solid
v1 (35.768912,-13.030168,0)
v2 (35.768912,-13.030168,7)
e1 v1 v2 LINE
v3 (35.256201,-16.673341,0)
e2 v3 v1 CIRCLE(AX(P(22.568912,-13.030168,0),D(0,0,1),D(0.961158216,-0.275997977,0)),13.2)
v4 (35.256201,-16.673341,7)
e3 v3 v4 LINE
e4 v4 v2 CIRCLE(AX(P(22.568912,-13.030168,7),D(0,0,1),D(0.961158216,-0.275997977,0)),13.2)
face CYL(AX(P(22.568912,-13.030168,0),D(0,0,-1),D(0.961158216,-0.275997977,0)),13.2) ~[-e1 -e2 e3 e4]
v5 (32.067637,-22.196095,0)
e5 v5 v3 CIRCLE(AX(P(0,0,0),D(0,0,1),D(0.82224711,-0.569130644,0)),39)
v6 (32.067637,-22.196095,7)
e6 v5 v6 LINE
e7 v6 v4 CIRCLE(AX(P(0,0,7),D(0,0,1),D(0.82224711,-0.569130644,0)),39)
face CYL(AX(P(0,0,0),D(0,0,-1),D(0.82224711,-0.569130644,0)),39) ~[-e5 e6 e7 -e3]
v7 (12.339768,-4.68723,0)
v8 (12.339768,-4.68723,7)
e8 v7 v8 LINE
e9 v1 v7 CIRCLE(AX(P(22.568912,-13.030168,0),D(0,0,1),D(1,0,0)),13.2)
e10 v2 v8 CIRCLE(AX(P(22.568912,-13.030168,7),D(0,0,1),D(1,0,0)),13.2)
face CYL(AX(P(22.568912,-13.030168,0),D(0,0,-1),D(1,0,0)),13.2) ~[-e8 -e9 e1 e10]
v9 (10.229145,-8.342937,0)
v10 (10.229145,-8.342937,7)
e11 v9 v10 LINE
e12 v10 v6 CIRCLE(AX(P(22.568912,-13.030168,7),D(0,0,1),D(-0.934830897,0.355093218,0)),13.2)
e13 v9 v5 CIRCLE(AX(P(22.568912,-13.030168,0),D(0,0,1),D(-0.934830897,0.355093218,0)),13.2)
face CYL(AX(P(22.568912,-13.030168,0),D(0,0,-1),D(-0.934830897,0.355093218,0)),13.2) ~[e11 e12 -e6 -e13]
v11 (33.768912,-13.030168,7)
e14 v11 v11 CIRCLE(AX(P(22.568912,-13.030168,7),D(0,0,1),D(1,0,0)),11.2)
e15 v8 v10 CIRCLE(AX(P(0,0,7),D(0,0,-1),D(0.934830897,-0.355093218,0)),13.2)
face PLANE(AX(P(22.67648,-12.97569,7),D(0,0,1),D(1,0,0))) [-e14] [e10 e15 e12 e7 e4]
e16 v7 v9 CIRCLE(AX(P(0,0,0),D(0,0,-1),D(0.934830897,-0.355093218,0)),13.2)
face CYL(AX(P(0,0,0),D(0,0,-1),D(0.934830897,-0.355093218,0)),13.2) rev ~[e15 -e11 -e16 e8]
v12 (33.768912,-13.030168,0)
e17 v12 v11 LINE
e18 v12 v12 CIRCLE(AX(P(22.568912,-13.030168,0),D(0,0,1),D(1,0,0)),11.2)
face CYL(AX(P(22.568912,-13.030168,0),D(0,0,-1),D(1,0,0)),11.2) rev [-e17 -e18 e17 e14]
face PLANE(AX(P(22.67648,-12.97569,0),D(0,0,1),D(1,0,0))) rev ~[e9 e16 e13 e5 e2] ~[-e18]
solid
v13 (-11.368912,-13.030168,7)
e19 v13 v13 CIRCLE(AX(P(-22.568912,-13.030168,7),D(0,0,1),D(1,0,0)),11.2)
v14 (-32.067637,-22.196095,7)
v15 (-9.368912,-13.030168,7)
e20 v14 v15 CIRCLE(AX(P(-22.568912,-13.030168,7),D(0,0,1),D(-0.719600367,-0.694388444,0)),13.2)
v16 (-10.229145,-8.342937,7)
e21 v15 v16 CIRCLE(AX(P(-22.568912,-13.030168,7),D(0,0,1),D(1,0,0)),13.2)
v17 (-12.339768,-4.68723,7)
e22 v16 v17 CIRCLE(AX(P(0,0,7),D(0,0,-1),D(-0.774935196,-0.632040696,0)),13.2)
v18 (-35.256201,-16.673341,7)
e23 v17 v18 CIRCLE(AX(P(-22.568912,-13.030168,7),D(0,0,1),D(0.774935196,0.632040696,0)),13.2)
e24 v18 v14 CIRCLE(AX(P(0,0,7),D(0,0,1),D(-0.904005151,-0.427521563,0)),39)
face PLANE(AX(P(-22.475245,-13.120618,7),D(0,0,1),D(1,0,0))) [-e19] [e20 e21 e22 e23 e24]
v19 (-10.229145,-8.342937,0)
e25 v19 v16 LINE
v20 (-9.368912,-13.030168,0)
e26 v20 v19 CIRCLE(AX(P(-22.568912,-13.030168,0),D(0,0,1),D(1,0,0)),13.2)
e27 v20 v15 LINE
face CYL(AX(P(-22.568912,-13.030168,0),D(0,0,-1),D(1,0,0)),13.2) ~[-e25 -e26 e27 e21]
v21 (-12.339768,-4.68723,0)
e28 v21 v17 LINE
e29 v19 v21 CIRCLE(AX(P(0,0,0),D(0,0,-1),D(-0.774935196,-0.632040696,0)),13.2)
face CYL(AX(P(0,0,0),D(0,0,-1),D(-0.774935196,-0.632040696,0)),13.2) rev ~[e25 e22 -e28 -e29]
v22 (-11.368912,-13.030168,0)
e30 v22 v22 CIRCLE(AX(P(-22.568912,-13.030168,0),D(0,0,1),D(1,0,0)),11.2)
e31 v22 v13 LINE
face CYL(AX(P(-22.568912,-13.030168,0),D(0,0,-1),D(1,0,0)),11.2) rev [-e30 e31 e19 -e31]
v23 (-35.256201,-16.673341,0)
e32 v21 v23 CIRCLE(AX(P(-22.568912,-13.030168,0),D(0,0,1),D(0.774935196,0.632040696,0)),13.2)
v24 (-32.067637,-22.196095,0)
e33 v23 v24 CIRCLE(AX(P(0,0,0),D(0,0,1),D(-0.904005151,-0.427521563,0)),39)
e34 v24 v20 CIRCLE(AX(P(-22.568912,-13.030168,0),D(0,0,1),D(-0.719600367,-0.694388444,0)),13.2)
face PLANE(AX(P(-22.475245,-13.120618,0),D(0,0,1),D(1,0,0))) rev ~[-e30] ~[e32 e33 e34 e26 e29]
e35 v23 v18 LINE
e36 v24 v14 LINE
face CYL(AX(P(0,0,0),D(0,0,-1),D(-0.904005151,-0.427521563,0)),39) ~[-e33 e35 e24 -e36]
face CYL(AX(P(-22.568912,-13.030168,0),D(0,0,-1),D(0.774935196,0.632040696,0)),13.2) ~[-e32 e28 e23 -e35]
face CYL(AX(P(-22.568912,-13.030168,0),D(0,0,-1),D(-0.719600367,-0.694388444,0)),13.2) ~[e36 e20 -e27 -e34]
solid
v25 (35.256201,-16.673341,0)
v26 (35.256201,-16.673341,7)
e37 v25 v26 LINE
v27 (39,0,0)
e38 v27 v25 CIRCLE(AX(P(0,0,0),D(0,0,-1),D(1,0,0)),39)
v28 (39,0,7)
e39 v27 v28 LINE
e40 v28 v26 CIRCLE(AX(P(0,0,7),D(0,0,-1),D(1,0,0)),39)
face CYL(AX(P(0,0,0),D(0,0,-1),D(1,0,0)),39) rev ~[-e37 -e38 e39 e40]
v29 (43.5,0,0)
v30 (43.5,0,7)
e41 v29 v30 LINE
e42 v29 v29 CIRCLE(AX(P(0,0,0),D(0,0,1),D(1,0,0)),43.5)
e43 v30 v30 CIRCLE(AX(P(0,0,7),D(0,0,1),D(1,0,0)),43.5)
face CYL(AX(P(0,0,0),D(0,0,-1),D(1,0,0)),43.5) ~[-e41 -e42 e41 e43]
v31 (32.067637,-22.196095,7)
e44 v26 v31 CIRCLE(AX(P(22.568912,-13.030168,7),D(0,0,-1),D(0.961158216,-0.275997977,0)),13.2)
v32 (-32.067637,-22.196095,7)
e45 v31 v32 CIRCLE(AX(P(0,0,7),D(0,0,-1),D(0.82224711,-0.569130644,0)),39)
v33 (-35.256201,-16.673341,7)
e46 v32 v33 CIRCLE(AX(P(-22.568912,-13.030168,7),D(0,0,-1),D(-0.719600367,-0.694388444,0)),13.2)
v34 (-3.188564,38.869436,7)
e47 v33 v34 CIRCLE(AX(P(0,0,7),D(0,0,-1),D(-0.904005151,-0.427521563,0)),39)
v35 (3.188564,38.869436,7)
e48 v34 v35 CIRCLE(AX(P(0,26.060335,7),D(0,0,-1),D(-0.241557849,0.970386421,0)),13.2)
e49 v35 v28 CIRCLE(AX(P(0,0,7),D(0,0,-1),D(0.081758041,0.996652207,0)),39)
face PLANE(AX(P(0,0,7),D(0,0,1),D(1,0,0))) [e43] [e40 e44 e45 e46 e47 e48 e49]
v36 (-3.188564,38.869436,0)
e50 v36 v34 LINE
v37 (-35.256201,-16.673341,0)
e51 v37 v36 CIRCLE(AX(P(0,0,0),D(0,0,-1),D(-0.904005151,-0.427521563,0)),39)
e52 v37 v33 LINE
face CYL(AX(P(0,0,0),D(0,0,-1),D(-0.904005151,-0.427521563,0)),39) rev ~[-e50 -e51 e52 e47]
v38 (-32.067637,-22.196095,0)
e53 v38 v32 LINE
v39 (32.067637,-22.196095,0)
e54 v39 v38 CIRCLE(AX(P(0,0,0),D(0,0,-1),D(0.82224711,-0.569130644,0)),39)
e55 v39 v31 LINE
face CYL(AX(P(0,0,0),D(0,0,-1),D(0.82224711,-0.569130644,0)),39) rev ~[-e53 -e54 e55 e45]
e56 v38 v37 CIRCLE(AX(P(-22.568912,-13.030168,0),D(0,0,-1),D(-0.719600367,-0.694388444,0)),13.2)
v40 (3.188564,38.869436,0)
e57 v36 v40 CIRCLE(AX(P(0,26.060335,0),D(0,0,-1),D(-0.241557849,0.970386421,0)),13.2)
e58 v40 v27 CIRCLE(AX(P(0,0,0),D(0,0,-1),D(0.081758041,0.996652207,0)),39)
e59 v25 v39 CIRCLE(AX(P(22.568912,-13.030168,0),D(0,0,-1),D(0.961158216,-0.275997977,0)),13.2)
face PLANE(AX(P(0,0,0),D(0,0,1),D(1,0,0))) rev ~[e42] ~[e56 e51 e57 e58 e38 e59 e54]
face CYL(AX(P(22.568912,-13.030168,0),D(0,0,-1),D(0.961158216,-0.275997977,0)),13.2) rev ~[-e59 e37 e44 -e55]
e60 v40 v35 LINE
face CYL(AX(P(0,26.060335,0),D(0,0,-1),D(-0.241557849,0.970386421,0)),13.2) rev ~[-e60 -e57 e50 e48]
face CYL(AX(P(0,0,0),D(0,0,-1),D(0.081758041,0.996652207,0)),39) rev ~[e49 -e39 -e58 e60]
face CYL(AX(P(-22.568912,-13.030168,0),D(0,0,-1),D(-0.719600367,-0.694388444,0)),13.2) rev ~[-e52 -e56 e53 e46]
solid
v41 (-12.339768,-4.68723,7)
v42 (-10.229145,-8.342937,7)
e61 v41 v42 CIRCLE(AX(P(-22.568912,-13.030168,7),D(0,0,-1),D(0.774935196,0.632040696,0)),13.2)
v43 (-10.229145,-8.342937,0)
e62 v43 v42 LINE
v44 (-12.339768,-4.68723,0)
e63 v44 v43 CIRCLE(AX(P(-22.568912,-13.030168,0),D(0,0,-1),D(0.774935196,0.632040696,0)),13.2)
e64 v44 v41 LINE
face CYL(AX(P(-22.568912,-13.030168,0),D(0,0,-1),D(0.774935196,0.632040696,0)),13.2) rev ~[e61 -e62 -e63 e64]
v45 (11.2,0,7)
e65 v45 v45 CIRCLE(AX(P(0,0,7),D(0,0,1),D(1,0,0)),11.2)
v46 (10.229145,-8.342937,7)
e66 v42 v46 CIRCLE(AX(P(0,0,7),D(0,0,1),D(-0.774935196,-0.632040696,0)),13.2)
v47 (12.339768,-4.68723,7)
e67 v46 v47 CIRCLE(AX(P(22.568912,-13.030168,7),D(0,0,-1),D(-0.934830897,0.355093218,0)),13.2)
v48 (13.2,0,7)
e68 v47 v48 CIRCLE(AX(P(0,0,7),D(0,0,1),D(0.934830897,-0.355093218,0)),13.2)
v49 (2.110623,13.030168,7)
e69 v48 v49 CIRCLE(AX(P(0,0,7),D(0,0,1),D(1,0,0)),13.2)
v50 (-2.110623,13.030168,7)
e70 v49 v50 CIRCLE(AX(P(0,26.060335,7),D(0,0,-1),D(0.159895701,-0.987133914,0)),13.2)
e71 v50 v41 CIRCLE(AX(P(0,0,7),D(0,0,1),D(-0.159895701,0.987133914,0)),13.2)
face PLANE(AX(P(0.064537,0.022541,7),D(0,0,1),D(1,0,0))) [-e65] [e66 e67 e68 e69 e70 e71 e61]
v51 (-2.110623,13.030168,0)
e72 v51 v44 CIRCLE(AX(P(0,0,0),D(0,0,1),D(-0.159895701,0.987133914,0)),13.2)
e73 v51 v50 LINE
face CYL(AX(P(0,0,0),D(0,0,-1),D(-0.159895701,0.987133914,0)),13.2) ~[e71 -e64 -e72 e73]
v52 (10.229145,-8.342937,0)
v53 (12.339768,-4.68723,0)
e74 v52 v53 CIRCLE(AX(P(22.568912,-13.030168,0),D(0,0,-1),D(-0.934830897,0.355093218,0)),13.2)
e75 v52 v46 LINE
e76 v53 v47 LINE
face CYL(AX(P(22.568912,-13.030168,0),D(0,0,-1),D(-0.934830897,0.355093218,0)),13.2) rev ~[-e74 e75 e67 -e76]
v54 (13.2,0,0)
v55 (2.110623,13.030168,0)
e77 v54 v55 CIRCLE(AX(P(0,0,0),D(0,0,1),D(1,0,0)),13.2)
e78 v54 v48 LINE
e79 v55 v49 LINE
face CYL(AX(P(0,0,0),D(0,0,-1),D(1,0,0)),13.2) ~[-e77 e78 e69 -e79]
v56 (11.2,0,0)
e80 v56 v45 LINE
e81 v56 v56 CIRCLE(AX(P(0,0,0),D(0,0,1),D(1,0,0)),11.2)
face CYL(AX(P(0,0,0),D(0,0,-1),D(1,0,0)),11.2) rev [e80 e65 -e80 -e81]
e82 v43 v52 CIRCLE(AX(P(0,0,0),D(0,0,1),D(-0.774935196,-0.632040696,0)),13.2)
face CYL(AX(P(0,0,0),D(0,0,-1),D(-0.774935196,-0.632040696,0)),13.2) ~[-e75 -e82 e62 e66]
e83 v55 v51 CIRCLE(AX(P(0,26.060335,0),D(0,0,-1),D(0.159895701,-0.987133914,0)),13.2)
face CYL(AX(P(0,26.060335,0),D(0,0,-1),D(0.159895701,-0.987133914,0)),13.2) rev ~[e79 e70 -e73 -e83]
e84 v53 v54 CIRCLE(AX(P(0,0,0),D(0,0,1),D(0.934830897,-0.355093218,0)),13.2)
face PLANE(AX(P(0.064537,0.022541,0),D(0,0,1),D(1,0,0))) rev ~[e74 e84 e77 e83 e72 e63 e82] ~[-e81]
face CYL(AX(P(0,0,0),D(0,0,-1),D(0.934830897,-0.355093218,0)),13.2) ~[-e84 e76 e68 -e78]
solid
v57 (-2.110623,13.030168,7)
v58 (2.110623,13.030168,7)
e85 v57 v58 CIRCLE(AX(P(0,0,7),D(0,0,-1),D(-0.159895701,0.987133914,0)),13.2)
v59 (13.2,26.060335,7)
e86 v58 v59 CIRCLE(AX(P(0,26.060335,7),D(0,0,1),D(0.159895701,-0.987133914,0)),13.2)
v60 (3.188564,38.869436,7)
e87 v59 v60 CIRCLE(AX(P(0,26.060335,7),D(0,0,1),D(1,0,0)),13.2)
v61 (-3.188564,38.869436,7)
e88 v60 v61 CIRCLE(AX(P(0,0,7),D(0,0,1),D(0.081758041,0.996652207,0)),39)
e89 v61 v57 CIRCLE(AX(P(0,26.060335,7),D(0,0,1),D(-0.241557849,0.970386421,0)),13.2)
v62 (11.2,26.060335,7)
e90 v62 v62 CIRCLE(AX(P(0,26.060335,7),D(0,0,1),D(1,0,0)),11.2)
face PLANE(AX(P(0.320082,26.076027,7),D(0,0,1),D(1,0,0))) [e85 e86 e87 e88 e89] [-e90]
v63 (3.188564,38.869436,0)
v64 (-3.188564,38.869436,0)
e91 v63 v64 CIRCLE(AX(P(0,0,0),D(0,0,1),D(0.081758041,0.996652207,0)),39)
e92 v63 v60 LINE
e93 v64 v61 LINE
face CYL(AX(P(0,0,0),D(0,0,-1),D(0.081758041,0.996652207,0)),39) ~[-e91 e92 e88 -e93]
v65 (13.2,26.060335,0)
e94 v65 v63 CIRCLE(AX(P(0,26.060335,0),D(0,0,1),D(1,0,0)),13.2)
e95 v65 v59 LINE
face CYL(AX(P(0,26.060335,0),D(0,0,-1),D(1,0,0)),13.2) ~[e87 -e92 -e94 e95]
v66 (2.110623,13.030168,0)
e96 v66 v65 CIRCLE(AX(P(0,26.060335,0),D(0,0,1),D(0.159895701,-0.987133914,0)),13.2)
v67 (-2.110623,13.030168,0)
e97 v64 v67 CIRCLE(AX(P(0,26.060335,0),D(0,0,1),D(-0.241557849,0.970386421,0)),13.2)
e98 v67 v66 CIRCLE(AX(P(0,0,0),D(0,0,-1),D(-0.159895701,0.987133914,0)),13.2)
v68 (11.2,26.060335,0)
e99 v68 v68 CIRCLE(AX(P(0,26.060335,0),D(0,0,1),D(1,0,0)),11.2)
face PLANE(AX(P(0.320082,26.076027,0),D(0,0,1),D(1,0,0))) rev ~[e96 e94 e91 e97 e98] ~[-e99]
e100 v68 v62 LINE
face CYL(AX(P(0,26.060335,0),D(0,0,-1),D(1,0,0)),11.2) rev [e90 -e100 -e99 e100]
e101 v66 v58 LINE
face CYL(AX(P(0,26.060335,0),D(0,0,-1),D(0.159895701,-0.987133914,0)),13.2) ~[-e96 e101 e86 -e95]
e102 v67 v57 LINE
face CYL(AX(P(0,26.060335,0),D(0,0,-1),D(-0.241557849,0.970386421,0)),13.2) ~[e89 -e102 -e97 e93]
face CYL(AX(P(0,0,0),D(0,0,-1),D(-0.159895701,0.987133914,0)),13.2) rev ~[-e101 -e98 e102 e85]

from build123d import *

# Parameters (mm, degrees)
F0_R     = 11.2
F1_DEPTH = 7
F0_R_2   = 43.5


with BuildPart() as f1:
    # F0 (on Top) → F1 (new body)
    with BuildSketch(Plane.XY):
        with BuildLine():
            ThreePointArc((12.3397678435, -4.6872304796), (12.9831609313, -2.3827572753), (13.2, 0))
            ThreePointArc((13.2, 0), (10.0523685502, 8.5551087971), (2.110623253, 13.0301676691))
            ThreePointArc((2.110623253, 13.0301676691), (0, 12.8603353381), (-2.110623253, 13.0301676691))
            ThreePointArc((-2.110623253, 13.0301676691), (-11.43153533, 6.6), (-12.3397678435, -4.6872304796))
            ThreePointArc((-12.3397678435, -4.6872304796), (-11.137377104, -6.4301676691), (-10.2291445905, -8.3429371895))
            ThreePointArc((-10.2291445905, -8.3429371895), (0, -13.2), (10.2291445905, -8.3429371895))
            ThreePointArc((10.2291445905, -8.3429371895), (11.137377104, -6.4301676691), (12.3397678435, -4.6872304796))
        make_face()
        Circle(F0_R, mode=Mode.SUBTRACT)
    extrude(amount=F1_DEPTH)


with BuildPart() as f1b:
    # F0 (on Top) → F1, piece 2 (new body)
    with BuildSketch(Plane.XY):
        with BuildLine():
            ThreePointArc((35.7689124339, -13.0301676691), (26.9969645681, -0.5950418435), (12.3397678435, -4.6872304796))
            ThreePointArc((12.3397678435, -4.6872304796), (11.43153533, -6.6), (10.2291445905, -8.3429371895))
            ThreePointArc((10.2291445905, -8.3429371895), (15.4981714856, -24.1766748548), (32.0676372836, -22.1960951306))
            ThreePointArc((32.0676372836, -22.1960951306), (33.7749907476, -19.5), (35.2562008897, -16.6733409616))
            ThreePointArc((35.2562008897, -16.6733409616), (35.6401060982, -14.8697046194), (35.7689124339, -13.0301676691))
        make_face()
        with Locations((22.5689124339, -13.0301676691)):
            Circle(F0_R, mode=Mode.SUBTRACT)
    extrude(amount=F1_DEPTH)


with BuildPart() as f1c:
    # F0 (on Top) → F1, piece 3 (new body)
    with BuildSketch(Plane.XY):
        with BuildLine():
            ThreePointArc((-2.110623253, 13.0301676691), (0, 13.2), (2.110623253, 13.0301676691))
            ThreePointArc((2.110623253, 13.0301676691), (10.0523685502, 17.505226541), (13.2, 26.0603353381))
            ThreePointArc((13.2, 26.0603353381), (10.4002172958, 34.1890179005), (3.1885636061, 38.8694360923))
            ThreePointArc((3.1885636061, 38.8694360923), (0, 39), (-3.1885636061, 38.8694360923))
            ThreePointArc((-3.1885636061, 38.8694360923), (-13.1885288605, 25.5101476461), (-2.110623253, 13.0301676691))
        make_face()
        with Locations((0, 26.0603353381)):
            Circle(F0_R, mode=Mode.SUBTRACT)
    extrude(amount=F1_DEPTH)


with BuildPart() as f1d:
    # F0 (on Top) → F1, piece 4 (new body)
    with BuildSketch(Plane.XY):
        with BuildLine():
            ThreePointArc((-10.2291445905, -8.3429371895), (-11.43153533, -6.6), (-12.3397678435, -4.6872304796))
            ThreePointArc((-12.3397678435, -4.6872304796), (-28.6867003461, -1.3334727913), (-35.2562008897, -16.6733409616))
            ThreePointArc((-35.2562008897, -16.6733409616), (-33.7749907476, -19.5), (-32.0676372836, -22.1960951306))
            ThreePointArc((-32.0676372836, -22.1960951306), (-17.6264013321, -25.2699219153), (-9.3689124339, -13.0301676691))
            ThreePointArc((-9.3689124339, -13.0301676691), (-9.5857515027, -10.6474103938), (-10.2291445905, -8.3429371895))
        make_face()
        with Locations((-22.5689124339, -13.0301676691)):
            Circle(F0_R, mode=Mode.SUBTRACT)
    extrude(amount=F1_DEPTH)


with BuildPart() as f1e:
    # F0 (on Top) → F1, piece 5 (new body)
    with BuildSketch(Plane.XY):
        Circle(F0_R_2)
        with BuildLine():
            ThreePointArc((-35.2562008897, -16.6733409616), (-33.7749907476, 19.5), (-3.1885636061, 38.8694360923))
            ThreePointArc((-3.1885636061, 38.8694360923), (0, 39.2603353381), (3.1885636061, 38.8694360923))
            ThreePointArc((3.1885636061, 38.8694360923), (28.6823463182, 26.4258019685), (39, 0))
            ThreePointArc((39, 0), (38.052541536, -8.544242661), (35.2562008897, -16.6733409616))
            ThreePointArc((35.2562008897, -16.6733409616), (34.0004477639, -19.6301676691), (32.0676372836, -22.1960951306))
            ThreePointArc((32.0676372836, -22.1960951306), (0, -39), (-32.0676372836, -22.1960951306))
            ThreePointArc((-32.0676372836, -22.1960951306), (-34.0004477639, -19.6301676691), (-35.2562008897, -16.6733409616))
        make_face(mode=Mode.SUBTRACT)
    extrude(amount=F1_DEPTH)


solid = Compound([f1.part, f1b.part, f1c.part, f1d.part, f1e.part])
